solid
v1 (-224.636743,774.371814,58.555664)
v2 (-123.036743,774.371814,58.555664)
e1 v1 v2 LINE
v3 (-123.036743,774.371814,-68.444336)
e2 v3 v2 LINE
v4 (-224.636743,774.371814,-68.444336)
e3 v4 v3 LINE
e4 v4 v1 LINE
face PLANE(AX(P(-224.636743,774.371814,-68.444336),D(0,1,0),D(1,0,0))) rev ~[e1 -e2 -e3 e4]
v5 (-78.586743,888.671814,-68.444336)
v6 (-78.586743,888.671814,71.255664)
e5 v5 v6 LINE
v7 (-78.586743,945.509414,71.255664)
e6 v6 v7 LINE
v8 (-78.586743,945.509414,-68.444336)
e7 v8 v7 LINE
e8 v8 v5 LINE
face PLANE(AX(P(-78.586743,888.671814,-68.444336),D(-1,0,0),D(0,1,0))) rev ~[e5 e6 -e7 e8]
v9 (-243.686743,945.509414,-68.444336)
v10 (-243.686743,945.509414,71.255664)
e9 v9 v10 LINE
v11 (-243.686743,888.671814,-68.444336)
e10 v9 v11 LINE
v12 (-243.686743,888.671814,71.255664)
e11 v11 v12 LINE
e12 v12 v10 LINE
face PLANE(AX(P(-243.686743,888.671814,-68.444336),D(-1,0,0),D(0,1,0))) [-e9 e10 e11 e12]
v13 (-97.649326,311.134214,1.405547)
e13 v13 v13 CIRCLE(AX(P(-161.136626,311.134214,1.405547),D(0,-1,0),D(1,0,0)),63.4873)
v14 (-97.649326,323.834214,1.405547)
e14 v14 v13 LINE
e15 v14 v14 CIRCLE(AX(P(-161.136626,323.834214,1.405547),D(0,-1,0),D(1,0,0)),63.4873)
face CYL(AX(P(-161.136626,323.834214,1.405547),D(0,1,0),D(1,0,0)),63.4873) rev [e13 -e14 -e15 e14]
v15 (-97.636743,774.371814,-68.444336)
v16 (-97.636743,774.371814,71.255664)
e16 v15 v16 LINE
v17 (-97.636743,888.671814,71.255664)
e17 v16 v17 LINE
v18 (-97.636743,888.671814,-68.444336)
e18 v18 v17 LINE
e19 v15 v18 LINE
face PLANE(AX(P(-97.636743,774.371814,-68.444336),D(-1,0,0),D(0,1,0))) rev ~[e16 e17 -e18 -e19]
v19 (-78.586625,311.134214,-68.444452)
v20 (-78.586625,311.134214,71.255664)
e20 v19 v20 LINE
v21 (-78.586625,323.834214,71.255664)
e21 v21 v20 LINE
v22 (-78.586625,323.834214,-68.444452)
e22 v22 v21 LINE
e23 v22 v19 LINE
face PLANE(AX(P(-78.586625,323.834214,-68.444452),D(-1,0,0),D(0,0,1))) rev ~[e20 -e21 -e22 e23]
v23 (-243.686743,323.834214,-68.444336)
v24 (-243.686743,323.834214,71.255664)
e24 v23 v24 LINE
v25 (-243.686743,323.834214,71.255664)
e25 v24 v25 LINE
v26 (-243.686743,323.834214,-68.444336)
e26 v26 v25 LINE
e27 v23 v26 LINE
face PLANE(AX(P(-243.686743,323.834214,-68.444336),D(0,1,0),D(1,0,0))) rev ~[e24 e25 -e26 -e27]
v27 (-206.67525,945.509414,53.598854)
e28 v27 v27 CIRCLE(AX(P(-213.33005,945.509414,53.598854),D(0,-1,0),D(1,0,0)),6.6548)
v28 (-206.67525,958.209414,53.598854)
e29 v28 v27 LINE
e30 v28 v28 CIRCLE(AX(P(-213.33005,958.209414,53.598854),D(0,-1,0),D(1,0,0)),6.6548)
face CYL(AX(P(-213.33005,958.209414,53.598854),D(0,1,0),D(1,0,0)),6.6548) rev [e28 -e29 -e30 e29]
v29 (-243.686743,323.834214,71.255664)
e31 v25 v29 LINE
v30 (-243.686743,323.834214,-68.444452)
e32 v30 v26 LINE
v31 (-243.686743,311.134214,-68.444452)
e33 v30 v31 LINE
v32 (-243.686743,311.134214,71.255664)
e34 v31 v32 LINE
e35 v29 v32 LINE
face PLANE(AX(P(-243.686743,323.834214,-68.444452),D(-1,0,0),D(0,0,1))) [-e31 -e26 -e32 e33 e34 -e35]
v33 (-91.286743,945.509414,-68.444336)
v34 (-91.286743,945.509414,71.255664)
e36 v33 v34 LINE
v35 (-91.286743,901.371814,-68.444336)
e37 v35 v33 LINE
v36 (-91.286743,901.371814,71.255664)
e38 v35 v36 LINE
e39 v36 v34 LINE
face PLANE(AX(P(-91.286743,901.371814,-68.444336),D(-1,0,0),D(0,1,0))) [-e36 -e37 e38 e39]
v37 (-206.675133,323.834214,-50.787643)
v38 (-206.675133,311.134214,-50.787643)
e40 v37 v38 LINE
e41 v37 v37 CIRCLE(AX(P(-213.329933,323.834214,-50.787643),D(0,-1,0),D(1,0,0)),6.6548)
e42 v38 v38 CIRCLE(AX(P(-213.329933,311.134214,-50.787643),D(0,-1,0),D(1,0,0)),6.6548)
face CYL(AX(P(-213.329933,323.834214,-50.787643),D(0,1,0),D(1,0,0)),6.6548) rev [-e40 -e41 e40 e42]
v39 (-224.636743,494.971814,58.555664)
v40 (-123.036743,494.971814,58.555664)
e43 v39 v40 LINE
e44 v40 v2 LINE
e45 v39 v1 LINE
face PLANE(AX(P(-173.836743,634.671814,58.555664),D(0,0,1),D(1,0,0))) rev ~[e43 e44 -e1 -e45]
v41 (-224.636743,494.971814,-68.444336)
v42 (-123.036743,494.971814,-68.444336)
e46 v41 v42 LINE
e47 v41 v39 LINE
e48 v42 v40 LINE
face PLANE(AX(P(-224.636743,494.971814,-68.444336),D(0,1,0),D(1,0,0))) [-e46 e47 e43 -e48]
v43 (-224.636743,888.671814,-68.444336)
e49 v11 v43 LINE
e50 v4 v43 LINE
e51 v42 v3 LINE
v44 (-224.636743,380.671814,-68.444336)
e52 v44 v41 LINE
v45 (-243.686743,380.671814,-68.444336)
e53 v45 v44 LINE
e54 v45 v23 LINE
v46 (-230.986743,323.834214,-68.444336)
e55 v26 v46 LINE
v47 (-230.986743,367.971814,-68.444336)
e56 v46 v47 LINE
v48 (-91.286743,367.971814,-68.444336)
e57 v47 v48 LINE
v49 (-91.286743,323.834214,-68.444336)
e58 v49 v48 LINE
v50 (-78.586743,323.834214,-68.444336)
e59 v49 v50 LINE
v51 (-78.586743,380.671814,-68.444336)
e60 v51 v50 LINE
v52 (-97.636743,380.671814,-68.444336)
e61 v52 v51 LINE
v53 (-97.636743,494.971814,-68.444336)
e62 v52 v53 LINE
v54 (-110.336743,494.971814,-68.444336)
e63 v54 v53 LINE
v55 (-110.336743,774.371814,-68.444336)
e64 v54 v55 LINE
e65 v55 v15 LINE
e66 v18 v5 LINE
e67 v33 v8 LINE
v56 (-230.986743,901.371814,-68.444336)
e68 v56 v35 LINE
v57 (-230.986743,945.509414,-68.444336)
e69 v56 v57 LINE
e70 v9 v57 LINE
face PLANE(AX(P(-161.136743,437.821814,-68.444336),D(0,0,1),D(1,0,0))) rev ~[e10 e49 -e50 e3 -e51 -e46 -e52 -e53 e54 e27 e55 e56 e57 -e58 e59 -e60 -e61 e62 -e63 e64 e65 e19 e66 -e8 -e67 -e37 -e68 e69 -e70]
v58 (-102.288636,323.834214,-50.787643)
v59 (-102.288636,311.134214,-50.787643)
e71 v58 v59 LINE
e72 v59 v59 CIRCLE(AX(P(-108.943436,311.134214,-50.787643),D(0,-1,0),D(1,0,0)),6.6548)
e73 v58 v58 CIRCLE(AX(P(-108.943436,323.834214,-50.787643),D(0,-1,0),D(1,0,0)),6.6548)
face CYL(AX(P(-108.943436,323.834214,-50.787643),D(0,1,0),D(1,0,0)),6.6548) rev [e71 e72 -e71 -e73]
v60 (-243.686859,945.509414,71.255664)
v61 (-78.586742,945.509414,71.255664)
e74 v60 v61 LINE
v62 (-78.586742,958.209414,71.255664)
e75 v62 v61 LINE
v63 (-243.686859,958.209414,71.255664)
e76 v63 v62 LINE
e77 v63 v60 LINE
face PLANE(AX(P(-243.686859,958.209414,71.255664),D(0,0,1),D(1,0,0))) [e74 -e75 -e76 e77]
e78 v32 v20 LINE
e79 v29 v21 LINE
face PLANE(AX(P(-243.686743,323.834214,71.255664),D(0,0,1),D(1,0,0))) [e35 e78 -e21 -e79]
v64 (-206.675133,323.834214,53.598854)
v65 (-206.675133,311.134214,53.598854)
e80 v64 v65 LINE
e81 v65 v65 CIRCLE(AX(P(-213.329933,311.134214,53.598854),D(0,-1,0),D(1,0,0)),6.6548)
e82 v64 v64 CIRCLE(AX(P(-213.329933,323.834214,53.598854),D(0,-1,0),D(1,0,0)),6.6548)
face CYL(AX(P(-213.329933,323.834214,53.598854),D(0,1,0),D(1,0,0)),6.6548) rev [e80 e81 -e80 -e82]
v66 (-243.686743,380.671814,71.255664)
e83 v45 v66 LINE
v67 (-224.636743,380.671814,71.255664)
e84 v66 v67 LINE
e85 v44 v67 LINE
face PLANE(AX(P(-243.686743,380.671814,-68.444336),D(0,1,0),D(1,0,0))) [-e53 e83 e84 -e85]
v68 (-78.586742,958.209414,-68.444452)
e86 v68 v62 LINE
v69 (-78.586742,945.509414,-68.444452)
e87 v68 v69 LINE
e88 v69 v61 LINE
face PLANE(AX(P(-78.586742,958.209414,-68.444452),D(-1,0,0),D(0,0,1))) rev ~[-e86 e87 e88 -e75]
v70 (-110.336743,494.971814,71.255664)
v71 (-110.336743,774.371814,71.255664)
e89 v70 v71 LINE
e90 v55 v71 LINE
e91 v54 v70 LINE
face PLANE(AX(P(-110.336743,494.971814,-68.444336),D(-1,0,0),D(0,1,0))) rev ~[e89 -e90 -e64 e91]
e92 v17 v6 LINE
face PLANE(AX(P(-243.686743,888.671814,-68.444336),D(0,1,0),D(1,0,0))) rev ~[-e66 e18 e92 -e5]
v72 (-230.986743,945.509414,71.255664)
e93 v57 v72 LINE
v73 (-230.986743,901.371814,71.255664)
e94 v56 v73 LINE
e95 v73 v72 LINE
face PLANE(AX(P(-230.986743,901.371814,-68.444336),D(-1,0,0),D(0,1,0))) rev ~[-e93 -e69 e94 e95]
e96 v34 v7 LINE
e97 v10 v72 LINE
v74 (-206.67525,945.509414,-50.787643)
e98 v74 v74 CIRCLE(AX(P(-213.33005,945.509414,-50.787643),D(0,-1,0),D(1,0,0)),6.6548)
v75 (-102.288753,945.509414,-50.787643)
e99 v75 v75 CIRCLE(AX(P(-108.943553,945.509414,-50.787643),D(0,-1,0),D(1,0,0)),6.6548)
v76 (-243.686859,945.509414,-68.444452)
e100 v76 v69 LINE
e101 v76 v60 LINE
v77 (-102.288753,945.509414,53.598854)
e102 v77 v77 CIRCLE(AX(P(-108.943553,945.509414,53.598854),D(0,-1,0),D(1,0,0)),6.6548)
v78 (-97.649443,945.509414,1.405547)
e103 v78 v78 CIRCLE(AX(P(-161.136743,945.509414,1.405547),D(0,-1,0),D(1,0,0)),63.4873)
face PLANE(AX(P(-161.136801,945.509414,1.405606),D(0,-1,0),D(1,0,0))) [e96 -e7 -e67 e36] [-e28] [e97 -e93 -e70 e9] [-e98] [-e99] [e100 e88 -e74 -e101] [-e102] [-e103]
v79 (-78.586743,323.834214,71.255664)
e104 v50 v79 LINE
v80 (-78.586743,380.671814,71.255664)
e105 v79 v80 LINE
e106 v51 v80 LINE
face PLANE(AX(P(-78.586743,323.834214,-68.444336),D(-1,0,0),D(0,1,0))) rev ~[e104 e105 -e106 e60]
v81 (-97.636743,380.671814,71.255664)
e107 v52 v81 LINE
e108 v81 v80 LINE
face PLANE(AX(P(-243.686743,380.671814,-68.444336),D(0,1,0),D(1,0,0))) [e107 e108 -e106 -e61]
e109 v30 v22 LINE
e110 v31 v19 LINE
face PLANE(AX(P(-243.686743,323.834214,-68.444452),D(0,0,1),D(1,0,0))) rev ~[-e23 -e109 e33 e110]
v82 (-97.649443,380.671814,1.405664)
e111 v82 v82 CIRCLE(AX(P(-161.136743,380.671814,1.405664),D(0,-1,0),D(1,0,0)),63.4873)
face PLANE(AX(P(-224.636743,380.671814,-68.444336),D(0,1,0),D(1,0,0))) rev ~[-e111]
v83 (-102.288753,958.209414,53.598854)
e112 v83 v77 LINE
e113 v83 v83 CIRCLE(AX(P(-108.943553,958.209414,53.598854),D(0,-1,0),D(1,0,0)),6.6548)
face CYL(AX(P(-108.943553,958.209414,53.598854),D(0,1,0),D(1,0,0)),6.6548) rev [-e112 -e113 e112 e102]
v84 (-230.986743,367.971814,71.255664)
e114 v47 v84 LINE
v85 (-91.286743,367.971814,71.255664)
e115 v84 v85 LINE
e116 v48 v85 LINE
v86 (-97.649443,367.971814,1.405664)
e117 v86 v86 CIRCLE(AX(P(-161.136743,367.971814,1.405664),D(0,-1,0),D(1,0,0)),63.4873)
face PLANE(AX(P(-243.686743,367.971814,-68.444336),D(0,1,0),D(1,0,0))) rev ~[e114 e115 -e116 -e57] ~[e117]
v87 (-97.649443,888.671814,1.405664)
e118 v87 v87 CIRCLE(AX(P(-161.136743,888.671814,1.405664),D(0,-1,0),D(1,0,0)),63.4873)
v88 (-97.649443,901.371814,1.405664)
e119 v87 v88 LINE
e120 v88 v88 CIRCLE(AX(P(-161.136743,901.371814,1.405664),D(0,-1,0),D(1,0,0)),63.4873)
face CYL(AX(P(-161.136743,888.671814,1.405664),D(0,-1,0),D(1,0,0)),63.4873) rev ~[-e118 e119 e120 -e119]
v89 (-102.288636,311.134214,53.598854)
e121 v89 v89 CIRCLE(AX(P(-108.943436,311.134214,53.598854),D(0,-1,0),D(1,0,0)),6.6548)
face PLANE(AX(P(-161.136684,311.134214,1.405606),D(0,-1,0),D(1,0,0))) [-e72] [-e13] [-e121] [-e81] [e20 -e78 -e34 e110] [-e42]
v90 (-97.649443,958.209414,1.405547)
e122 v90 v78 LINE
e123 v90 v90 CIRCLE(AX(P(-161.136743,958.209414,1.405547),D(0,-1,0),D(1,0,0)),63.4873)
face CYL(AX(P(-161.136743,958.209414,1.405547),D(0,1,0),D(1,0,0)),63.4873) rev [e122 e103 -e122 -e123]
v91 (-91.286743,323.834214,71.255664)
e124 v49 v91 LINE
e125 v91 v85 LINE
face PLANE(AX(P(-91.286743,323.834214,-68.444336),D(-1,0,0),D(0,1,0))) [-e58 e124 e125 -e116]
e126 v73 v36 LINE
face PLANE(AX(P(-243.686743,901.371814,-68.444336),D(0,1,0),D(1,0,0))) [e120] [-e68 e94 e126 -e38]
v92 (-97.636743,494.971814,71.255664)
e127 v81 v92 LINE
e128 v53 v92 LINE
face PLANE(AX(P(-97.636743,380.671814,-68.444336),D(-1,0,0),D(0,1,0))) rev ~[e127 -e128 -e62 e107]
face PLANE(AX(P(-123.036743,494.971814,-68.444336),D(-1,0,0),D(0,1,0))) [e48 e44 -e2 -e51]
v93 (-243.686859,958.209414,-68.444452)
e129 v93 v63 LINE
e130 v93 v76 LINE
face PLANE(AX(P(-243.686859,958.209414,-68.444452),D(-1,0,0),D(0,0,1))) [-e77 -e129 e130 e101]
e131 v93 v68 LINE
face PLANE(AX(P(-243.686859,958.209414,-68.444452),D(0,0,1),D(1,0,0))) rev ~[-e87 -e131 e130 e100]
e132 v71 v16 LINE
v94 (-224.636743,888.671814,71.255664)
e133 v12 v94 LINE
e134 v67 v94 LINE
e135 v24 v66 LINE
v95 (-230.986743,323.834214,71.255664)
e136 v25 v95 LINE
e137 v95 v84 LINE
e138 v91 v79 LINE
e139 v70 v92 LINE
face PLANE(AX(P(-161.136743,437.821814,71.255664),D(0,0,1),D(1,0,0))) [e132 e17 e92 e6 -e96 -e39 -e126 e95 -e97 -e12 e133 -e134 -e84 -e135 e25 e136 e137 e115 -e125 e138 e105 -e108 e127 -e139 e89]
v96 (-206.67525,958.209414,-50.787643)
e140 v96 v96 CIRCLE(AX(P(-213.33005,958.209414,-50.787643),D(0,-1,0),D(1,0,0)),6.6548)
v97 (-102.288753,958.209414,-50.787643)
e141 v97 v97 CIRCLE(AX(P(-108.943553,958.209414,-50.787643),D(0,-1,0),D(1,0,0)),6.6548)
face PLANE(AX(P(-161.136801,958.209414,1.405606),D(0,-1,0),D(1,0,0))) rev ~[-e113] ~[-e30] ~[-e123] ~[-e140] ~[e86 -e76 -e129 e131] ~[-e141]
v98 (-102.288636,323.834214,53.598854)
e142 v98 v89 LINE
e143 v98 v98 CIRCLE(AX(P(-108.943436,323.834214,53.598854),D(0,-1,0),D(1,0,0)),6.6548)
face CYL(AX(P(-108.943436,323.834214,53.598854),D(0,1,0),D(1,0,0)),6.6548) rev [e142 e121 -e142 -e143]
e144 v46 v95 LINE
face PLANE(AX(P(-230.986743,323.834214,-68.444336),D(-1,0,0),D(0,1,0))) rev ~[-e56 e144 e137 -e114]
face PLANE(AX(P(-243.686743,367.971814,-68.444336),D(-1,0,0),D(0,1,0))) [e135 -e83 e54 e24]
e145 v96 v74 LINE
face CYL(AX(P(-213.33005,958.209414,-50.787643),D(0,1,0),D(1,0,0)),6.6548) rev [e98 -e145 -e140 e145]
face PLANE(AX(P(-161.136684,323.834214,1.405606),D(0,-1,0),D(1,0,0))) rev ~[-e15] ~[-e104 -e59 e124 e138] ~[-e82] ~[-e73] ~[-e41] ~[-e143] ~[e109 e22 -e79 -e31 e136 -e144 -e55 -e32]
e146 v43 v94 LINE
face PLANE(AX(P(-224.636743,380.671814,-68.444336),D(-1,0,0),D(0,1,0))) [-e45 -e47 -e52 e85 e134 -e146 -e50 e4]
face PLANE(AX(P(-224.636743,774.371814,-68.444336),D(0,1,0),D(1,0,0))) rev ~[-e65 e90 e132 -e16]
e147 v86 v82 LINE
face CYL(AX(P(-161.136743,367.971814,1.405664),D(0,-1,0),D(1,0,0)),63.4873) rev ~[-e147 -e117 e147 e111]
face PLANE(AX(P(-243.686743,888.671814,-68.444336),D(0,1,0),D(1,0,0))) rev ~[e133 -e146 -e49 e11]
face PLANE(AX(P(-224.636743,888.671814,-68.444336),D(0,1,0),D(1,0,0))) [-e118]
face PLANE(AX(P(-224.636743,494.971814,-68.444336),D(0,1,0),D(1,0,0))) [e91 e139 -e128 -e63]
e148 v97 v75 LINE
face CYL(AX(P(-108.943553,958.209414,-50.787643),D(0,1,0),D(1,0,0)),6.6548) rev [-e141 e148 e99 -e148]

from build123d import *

# Parameters (mm, degrees)
BOX003_W                 = 101.6
BOX003_H                 = 279.4
BOX003_DEPTH             = 12.7
BOX009_W                 = 12.7
BOX009_H                 = 44.1376
BOX009_DEPTH             = 139.7
BOX006_W                 = 12.7
BOX006_H                 = 44.1376
BOX006_DEPTH             = 139.7
BOX007_W                 = 12.7
BOX007_H                 = 44.1376
BOX007_DEPTH             = 139.7
SKETCH002_W              = 165.100117
SKETCH002_H              = 139.700117
SKETCH002_R              = 6.6548
SKETCH002_R_2            = 63.4873
PAD_DEPTH                = 12.7
CLONE001_PLACEMENT_ANGLE = 180
CLONE_PLACEMENT_ANGLE    = 180
BOX010_W                 = 165.1
BOX010_H                 = 12.7
BOX010_DEPTH             = 139.7
SKETCH004_R              = 63.4873
POCKET_DEPTH             = 12.7
BOX008_W                 = 12.7
BOX008_H                 = 44.1376
BOX008_DEPTH             = 139.7
BOX_W                    = 127
BOX_H                    = 114.3
BOX_DEPTH                = 139.7
BOX002_W                 = 12.7
BOX002_H                 = 279.4
BOX002_DEPTH             = 139.7


with BuildPart() as cube003:
    # Box003 → Box003 (new body)
    with BuildSketch(Plane(origin=(-224.636743, 494.971814, 58.555664), x_dir=(1, 0, 0), z_dir=(0, 0, 1))):
        with Locations((50.8, 139.7)):
            Rectangle(BOX003_W, BOX003_H)
    extrude(amount=BOX003_DEPTH)


with BuildPart() as cube009:
    # Box009 → Box009 (new body)
    with BuildSketch(Plane(origin=(-91.286743, 901.371814, -68.444336), x_dir=(1, 0, 0), z_dir=(0, 0, 1))):
        with Locations((6.35, 22.0688)):
            Rectangle(BOX009_W, BOX009_H)
    extrude(amount=BOX009_DEPTH)


with BuildPart() as cube006:
    # Box006 → Box006 (new body)
    with BuildSketch(Plane(origin=(-243.686743, 323.834214, -68.444336), x_dir=(1, 0, 0), z_dir=(0, 0, 1))):
        with Locations((6.35, 22.0688)):
            Rectangle(BOX006_W, BOX006_H)
    extrude(amount=BOX006_DEPTH)


with BuildPart() as cube007:
    # Box007 → Box007 (new body)
    with BuildSketch(Plane(origin=(-243.686743, 901.371814, -68.444336), x_dir=(1, 0, 0), z_dir=(0, 0, 1))):
        with Locations((6.35, 22.0688)):
            Rectangle(BOX007_W, BOX007_H)
    extrude(amount=BOX007_DEPTH)


with BuildPart() as pad:
    # Sketch002 → Pad (new body)
    with BuildSketch(Plane(origin=(0, 37.338, 0), x_dir=(-1, 0, 0), z_dir=(0, 1, 0))):
        with Locations((-69.215058, 89.86448)):
            Rectangle(SKETCH002_W, SKETCH002_H)
        with Locations((-121.408307, 142.057728)):
            Circle(SKETCH002_R, mode=Mode.SUBTRACT)
        with Locations((-17.02181, 142.057728)):
            Circle(SKETCH002_R, mode=Mode.SUBTRACT)
        with Locations((-17.02181, 37.671231)):
            Circle(SKETCH002_R, mode=Mode.SUBTRACT)
        with Locations((-121.408307, 37.671231)):
            Circle(SKETCH002_R, mode=Mode.SUBTRACT)
        with Locations((-69.215, 89.864421)):
            Circle(SKETCH002_R_2, mode=Mode.SUBTRACT)
    extrude(amount=PAD_DEPTH)


with BuildPart() as clone_of_pad001:
    # Clone001 base: copy of Pad
    add(pad.part)


with BuildPart() as clone_of_pad001_1:
    # Clone001 placement: moved
    add(clone_of_pad001.part.moved(Location((-91.921743, 995.547414, -88.458874))).rotate(Axis((-91.921743, 995.547414, -88.458874), (0, 0, 1)), CLONE001_PLACEMENT_ANGLE))


with BuildPart() as clone_of_pad:
    # Clone base: copy of Pad
    add(pad.part)


with BuildPart() as clone_of_pad_1:
    # Clone placement: moved
    add(clone_of_pad.part.moved(Location((-91.921626, 361.172214, -88.458874))).rotate(Axis((-91.921626, 361.172214, -88.458874), (0, 0, 1)), CLONE_PLACEMENT_ANGLE))


with BuildPart() as pocket:
    # Box010 → Box010 (new body)
    with BuildSketch(Plane(origin=(-102.435181, 88.203278, -436.376007), x_dir=(1, 0, 0), z_dir=(0, 0, 1))):
        with Locations((82.55, 6.35)):
            Rectangle(BOX010_W, BOX010_H)
    extrude(amount=BOX010_DEPTH)

    # Sketch004 → Pocket (cut)
    with BuildSketch(Plane(origin=(-102.435181, 88.203278, -436.376007), x_dir=(1, 0, 0), z_dir=(0, -1, 0))):
        with Locations((82.55, 69.85)):
            Circle(SKETCH004_R)
    extrude(amount=-POCKET_DEPTH, mode=Mode.SUBTRACT)


with BuildPart() as clone_of_pocket003005005:
    # Clone006 base: copy of Pocket
    add(pocket.part)


with BuildPart() as clone_of_pocket003005005_1:
    # Clone006 placement: moved
    add(clone_of_pocket003005005.part.moved(Location((-141.251562, 800.468536, 367.931671))))


with BuildPart() as clone_of_pocket:
    # Clone005 base: copy of Pocket
    add(pocket.part)


with BuildPart() as clone_of_pocket_1:
    # Clone005 placement: moved
    add(clone_of_pocket.part.moved(Location((-141.251562, 279.768536, 367.931671))))


with BuildPart() as cube008:
    # Box008 → Box008 (new body)
    with BuildSketch(Plane(origin=(-91.286743, 323.834214, -68.444336), x_dir=(1, 0, 0), z_dir=(0, 0, 1))):
        with Locations((6.35, 22.0688)):
            Rectangle(BOX008_W, BOX008_H)
    extrude(amount=BOX008_DEPTH)


with BuildPart() as cube:
    # Box → Box (new body)
    with BuildSketch(Plane(origin=(-224.636743, 380.671814, -68.444336), x_dir=(1, 0, 0), z_dir=(0, 0, 1))):
        with Locations((63.5, 57.15)):
            Rectangle(BOX_W, BOX_H)
    extrude(amount=BOX_DEPTH)


with BuildPart() as clone_of_cube:
    # Clone008 base: copy of Cube
    add(cube.part)


with BuildPart() as clone_of_cube_1:
    # Clone008 placement: moved
    add(clone_of_cube.part.moved(Location((0, 393.7, 0))))


with BuildPart() as fusion:
    # Box002 → Box002 (new body)
    with BuildSketch(Plane(origin=(-123.036743, 494.971814, -68.444336), x_dir=(1, 0, 0), z_dir=(0, 0, 1))):
        with Locations((6.35, 139.7)):
            Rectangle(BOX002_W, BOX002_H)
    extrude(amount=BOX002_DEPTH)

    # Fusion: union Cube003, Cube009, Cube006, Cube007, Clone of Pad001, Clone of Pad, Clone of Pocket003005005, Clone of Pocket, Cube008, Clone of Cube, Cube
    add(cube003.part)
    add(cube009.part)
    add(cube006.part)
    add(cube007.part)
    add(clone_of_pad001_1.part)
    add(clone_of_pad_1.part)
    add(clone_of_pocket003005005_1.part)
    add(clone_of_pocket_1.part)
    add(cube008.part)
    add(clone_of_cube_1.part)
    add(cube.part)


solid = fusion.part
